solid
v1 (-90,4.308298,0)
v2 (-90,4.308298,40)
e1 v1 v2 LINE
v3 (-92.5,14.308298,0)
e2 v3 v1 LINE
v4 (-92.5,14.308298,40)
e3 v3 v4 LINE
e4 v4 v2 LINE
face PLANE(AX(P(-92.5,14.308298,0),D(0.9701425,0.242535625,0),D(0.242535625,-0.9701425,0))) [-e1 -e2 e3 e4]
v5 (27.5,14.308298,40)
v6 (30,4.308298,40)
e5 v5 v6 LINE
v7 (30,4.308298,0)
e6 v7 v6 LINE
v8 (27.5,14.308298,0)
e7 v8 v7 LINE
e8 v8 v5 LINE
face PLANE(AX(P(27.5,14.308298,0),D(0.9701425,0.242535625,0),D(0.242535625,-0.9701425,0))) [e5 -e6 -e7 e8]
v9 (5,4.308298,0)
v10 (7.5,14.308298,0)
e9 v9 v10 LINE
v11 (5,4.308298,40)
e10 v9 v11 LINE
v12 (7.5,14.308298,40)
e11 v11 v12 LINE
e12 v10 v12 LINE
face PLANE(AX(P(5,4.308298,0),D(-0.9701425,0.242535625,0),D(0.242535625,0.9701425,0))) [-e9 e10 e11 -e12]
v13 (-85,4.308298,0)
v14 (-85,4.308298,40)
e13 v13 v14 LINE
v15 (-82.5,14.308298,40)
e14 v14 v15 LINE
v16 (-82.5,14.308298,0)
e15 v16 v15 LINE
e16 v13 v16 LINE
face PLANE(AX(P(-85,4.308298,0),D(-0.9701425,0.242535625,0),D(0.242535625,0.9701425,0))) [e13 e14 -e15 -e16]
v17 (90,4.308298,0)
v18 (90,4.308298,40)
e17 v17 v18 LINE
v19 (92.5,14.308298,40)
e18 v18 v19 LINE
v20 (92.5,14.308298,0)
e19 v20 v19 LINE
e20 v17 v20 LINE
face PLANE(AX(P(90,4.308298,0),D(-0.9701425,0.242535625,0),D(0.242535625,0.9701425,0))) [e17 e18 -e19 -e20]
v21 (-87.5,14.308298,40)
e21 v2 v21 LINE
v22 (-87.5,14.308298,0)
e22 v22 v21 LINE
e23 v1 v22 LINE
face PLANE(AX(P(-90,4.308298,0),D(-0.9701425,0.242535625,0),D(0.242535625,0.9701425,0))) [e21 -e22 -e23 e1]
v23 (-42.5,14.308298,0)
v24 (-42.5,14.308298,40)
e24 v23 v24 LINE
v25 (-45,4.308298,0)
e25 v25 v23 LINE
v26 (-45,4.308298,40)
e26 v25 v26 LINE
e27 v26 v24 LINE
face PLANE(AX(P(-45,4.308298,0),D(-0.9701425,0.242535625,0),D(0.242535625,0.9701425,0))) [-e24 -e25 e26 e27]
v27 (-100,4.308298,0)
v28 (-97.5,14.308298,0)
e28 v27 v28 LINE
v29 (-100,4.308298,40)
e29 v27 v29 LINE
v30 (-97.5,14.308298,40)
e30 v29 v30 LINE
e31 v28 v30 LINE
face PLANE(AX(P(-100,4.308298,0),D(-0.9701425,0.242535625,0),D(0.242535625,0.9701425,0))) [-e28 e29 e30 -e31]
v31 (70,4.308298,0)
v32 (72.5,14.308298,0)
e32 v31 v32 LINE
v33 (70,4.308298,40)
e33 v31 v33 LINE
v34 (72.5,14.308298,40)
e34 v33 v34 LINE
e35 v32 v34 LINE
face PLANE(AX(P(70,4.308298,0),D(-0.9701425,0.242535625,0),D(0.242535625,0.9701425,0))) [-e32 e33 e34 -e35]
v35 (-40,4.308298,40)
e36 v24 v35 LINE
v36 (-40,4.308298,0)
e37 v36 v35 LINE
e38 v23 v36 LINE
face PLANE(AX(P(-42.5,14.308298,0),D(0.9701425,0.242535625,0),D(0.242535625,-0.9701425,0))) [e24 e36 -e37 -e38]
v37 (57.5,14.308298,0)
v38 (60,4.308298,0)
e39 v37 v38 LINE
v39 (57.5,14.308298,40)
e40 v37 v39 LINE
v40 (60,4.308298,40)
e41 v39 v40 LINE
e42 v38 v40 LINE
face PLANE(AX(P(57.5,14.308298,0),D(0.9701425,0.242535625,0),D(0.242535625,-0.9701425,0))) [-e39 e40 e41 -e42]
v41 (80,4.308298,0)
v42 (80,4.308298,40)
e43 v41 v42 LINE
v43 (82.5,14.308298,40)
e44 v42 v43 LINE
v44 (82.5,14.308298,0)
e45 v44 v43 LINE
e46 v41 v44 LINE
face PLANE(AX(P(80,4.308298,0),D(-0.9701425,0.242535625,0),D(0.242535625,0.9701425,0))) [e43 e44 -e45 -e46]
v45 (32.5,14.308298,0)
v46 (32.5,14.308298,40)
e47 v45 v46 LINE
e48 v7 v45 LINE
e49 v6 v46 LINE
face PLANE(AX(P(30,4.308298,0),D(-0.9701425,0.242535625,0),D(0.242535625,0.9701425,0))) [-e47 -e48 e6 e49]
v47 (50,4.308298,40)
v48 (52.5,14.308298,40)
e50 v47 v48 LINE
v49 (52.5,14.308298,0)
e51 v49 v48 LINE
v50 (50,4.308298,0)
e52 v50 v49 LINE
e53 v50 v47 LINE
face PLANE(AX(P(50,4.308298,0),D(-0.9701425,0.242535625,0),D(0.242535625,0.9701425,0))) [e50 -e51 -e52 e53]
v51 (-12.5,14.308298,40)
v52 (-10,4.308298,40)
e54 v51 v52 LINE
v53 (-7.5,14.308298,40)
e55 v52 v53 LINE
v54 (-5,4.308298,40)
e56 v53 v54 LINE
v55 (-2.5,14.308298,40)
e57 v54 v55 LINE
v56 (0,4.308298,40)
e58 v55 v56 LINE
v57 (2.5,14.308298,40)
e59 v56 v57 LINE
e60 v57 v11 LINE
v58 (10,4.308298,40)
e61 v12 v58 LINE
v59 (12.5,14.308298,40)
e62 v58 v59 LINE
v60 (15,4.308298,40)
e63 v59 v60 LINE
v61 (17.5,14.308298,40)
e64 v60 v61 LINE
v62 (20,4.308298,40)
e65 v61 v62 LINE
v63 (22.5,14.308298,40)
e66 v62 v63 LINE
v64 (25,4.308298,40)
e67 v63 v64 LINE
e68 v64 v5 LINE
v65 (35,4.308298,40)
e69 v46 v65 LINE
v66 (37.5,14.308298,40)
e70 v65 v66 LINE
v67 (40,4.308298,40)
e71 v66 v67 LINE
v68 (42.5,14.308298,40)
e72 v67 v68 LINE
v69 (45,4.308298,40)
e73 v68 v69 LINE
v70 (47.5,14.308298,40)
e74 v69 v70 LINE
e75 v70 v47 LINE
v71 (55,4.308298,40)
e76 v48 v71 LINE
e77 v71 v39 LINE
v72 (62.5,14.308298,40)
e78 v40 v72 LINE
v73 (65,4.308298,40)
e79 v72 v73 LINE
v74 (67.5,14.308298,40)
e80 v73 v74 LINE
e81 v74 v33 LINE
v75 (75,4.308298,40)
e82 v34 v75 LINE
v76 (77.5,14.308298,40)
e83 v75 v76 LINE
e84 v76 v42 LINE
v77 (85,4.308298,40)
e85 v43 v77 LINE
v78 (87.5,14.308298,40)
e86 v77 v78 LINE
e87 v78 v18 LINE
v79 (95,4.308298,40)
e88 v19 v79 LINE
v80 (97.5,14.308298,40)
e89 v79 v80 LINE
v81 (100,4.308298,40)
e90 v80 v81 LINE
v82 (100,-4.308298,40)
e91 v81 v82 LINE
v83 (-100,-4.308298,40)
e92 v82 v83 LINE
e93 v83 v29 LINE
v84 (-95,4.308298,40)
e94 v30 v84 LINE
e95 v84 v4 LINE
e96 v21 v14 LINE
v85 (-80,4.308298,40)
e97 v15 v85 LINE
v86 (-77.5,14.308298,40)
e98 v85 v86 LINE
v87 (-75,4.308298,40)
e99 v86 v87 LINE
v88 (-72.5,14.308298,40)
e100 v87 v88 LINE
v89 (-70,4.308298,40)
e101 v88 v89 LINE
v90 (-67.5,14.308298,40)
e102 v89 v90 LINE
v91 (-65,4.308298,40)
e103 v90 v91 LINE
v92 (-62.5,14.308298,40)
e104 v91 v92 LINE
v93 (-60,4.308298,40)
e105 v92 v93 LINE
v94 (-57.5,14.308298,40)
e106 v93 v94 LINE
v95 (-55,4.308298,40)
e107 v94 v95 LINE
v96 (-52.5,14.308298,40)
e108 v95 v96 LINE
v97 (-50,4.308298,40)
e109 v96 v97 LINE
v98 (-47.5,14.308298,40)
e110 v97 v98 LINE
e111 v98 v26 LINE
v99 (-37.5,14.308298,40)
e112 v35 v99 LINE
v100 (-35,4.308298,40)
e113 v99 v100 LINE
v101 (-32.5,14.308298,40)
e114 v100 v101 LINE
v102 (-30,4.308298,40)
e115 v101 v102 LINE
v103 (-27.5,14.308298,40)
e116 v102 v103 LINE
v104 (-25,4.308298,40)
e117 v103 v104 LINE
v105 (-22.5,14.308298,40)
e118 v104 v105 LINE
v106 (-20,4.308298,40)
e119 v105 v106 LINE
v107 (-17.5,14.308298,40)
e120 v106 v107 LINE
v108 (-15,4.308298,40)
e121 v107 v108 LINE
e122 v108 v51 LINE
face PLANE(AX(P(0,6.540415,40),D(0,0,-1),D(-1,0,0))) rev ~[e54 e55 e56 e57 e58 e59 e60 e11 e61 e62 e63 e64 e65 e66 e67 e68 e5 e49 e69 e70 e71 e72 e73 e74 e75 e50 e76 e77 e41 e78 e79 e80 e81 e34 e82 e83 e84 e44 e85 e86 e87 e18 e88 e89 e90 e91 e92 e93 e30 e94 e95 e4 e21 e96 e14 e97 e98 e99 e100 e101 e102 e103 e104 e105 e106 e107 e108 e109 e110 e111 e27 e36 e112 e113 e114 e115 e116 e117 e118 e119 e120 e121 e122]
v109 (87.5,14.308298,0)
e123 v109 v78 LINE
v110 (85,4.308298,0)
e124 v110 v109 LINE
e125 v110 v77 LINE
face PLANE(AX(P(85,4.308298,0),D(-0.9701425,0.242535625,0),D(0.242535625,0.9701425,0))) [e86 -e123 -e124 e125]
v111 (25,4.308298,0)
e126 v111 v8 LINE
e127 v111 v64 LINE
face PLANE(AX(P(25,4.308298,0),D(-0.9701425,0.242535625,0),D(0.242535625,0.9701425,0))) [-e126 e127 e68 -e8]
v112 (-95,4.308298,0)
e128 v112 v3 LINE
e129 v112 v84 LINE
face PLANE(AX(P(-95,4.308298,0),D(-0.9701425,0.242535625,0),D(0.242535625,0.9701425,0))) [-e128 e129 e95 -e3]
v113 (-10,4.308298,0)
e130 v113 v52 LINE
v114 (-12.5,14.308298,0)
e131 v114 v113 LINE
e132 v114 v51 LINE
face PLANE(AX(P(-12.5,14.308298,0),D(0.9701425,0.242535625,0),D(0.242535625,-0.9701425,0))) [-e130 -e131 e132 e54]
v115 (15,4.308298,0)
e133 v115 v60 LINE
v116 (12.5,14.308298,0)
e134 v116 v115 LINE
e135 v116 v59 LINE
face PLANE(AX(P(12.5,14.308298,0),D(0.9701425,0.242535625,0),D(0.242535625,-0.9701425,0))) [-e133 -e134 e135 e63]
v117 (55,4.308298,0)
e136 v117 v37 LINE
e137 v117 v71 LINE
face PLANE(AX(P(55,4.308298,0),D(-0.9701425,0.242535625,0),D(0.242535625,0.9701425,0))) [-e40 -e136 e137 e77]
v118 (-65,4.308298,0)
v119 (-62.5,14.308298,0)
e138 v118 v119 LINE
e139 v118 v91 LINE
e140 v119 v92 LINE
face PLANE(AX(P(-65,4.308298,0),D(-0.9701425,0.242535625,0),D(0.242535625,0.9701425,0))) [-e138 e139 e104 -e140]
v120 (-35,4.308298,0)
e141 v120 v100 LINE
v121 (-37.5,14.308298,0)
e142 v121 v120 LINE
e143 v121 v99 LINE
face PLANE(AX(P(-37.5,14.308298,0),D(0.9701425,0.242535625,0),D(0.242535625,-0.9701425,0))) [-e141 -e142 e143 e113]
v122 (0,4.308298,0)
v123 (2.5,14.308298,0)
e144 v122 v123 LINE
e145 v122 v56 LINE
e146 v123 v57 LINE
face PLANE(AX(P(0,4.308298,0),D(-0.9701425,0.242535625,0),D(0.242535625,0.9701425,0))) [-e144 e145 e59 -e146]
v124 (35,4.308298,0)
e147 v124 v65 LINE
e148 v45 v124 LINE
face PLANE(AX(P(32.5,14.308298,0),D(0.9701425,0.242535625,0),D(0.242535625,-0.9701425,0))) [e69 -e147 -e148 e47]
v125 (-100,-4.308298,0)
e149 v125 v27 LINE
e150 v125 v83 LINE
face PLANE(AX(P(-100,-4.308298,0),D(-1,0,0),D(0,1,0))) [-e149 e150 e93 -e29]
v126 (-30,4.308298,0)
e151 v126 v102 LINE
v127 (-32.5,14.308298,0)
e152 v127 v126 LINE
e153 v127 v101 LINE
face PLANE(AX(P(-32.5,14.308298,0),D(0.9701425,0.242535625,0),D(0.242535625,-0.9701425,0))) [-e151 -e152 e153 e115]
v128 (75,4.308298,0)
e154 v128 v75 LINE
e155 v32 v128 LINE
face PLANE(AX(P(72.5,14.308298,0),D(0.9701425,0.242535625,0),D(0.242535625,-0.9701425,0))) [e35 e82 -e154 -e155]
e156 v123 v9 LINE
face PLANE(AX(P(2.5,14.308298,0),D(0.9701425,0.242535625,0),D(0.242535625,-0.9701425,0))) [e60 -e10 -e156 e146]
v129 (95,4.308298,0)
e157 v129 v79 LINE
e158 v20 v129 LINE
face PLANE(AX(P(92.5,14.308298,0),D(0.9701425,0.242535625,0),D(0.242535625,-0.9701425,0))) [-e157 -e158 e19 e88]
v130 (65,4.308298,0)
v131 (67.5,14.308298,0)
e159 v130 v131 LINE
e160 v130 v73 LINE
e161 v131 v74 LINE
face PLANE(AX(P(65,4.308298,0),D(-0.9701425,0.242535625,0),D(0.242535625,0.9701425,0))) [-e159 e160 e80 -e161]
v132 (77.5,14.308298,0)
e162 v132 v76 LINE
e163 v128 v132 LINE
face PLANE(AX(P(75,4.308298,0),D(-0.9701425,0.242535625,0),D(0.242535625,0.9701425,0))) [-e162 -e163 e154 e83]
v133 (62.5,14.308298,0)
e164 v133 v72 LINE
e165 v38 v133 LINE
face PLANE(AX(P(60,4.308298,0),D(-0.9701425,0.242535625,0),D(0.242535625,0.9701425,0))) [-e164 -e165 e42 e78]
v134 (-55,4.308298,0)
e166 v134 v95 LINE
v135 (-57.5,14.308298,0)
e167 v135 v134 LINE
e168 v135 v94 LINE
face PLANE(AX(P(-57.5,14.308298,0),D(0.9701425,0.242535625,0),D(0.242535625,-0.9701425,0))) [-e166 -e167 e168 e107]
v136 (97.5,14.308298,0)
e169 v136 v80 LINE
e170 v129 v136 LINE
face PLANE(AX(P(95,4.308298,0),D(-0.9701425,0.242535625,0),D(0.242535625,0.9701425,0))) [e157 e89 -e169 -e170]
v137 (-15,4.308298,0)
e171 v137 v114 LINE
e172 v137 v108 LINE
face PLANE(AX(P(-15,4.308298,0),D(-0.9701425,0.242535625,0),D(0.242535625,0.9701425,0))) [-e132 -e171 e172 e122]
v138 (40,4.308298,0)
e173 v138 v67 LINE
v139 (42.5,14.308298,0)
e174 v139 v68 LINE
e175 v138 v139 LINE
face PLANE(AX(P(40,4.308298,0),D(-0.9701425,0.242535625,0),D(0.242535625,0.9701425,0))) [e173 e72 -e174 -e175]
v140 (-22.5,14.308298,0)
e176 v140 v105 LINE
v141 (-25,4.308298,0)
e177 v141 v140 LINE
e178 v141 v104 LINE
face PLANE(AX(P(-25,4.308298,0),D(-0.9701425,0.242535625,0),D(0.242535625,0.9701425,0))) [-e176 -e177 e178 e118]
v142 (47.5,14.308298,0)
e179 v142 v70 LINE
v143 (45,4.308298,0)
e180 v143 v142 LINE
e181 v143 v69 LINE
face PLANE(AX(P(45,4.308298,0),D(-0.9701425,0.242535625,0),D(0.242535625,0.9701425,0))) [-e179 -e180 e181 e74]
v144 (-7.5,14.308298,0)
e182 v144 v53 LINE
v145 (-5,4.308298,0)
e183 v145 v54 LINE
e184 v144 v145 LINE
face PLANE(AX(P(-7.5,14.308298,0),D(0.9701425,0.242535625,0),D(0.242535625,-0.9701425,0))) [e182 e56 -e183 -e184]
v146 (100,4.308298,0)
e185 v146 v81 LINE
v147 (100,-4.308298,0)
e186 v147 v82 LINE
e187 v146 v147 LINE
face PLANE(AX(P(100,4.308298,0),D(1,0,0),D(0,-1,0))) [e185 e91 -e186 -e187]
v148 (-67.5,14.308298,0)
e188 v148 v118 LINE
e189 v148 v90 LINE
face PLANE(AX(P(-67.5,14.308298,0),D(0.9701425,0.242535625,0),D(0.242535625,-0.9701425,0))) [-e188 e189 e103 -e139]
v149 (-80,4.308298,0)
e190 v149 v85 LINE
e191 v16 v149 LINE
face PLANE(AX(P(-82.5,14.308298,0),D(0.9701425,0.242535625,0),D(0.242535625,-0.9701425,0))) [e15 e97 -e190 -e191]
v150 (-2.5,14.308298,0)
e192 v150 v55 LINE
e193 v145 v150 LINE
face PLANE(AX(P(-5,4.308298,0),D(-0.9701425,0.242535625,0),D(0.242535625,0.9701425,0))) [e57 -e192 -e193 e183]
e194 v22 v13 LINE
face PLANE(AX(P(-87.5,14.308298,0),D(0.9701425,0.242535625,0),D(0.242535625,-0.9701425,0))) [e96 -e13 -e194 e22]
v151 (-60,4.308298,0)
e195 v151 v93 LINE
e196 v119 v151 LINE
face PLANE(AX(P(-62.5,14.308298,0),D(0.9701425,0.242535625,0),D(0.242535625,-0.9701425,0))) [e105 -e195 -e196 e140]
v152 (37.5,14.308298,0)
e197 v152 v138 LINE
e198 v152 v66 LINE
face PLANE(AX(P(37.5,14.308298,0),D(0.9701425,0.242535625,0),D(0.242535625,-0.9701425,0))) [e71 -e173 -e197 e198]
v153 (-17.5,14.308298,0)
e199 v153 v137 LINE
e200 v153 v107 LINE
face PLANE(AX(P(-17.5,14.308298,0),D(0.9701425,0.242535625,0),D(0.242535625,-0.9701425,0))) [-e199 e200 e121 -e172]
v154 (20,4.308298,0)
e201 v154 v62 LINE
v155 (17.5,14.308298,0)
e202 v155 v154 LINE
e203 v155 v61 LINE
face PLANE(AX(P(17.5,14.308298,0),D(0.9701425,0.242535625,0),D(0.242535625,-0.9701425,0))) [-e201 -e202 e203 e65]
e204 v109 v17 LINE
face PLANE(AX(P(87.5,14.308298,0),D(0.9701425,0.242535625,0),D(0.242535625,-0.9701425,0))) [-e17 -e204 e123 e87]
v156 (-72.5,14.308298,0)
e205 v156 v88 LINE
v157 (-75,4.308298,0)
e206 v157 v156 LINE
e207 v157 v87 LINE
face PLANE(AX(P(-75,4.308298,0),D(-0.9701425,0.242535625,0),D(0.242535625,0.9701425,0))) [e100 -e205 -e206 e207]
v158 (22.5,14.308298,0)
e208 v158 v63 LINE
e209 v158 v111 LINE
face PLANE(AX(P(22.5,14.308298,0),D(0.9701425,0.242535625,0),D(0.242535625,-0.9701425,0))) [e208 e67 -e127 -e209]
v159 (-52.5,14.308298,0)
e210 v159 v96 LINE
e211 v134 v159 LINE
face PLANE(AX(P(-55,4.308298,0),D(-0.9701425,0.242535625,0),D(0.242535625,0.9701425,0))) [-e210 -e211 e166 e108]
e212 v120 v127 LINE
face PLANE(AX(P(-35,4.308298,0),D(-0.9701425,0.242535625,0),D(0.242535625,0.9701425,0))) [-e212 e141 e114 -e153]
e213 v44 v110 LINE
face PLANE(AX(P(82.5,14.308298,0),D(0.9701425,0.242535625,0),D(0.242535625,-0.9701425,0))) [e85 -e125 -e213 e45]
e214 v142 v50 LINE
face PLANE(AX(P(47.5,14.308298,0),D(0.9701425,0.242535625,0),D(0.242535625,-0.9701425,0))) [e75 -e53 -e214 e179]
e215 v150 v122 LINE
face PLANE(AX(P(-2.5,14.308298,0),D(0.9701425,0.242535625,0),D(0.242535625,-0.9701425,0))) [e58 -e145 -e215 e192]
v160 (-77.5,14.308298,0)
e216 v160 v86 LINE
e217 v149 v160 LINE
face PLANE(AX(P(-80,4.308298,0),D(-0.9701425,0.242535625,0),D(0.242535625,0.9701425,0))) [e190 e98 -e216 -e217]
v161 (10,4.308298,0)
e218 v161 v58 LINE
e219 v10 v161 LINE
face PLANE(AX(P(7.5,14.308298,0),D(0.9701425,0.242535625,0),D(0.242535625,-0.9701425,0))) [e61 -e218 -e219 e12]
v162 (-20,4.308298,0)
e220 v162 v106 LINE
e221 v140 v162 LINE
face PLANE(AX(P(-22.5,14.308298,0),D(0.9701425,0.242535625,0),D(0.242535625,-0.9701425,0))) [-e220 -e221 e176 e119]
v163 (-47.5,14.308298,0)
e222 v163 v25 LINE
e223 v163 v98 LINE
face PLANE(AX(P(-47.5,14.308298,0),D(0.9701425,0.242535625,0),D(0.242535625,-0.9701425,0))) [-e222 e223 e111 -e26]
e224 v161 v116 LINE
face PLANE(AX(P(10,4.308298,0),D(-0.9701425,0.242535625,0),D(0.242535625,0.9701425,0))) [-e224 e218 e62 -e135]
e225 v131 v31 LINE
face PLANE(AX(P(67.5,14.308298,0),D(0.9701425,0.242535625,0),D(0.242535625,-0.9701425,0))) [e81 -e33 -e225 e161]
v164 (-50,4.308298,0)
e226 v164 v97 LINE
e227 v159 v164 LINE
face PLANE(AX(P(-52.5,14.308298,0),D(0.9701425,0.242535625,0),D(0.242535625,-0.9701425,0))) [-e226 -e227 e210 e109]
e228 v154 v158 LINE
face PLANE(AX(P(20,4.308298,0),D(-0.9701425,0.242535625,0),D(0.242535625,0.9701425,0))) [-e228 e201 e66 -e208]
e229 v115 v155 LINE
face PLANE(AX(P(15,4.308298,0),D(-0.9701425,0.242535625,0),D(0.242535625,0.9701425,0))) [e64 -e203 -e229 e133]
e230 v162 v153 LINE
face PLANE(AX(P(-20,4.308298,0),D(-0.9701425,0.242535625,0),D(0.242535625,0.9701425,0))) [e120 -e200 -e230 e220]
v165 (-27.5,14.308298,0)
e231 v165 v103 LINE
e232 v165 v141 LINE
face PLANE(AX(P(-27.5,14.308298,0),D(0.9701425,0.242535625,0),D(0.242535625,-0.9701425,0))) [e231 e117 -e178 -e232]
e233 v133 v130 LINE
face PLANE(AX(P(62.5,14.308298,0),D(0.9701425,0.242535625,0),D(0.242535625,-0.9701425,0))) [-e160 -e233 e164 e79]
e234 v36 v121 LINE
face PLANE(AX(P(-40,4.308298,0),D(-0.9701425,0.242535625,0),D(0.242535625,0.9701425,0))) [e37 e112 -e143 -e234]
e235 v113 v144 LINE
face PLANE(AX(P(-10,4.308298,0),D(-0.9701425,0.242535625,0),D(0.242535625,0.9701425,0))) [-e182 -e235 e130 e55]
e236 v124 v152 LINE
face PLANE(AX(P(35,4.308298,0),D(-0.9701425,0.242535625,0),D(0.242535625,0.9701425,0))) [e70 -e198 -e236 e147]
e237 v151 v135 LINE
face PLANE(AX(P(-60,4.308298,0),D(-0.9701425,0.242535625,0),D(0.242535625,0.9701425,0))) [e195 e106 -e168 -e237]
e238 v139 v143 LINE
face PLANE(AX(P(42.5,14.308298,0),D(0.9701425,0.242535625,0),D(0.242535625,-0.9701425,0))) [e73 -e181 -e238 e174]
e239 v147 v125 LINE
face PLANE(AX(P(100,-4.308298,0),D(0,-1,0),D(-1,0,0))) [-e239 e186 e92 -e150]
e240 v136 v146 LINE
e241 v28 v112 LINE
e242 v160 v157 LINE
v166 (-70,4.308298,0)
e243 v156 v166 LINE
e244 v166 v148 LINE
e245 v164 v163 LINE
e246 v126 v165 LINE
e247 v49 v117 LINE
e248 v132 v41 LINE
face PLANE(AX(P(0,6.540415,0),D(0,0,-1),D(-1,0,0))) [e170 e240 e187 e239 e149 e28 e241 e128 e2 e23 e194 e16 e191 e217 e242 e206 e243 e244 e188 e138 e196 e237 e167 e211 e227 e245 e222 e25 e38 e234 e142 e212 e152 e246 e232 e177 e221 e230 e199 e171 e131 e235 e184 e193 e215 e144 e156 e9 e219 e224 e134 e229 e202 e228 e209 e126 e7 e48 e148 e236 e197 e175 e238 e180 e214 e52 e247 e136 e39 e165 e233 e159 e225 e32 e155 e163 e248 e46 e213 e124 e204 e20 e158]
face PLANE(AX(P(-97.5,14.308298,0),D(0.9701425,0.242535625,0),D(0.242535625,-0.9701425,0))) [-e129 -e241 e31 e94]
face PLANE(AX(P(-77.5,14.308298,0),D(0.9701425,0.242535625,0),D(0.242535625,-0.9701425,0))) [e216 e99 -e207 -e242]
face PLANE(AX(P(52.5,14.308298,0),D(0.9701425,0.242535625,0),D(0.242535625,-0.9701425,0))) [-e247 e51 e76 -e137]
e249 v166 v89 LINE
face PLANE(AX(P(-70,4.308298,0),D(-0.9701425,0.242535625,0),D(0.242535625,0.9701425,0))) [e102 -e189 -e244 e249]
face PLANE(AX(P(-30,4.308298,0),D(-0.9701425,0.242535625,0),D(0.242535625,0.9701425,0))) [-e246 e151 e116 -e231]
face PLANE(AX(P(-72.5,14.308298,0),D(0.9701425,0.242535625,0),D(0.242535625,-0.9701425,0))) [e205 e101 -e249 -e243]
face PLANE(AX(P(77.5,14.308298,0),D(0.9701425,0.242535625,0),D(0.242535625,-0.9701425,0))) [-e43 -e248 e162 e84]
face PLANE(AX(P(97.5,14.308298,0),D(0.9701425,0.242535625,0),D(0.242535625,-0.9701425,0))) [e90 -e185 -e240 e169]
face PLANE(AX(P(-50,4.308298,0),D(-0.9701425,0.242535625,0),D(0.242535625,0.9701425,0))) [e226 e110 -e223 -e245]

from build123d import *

# Parameters (mm, degrees)
BOSS_EXTRUDE1_DEPTH = 40


with BuildPart() as part:
    # Sketch1 → Boss-Extrude1 (new body)
    with BuildSketch(Plane.XY):
        Polygon((-100, 4.308297624), (-97.5, 14.308297624), (-95, 4.308297624), (-92.5, 14.308297624), (-90, 4.308297624), (-87.5, 14.308297624), (-85, 4.308297624), (-82.5, 14.308297624), (-80, 4.308297624), (-77.5, 14.308297624), (-75, 4.308297624), (-72.5, 14.308297624), (-70, 4.308297624), (-67.5, 14.308297624), (-65, 4.308297624), (-62.5, 14.308297624), (-60, 4.308297624), (-57.5, 14.308297624), (-55, 4.308297624), (-52.5, 14.308297624), (-50, 4.308297624), (-47.5, 14.308297624), (-45, 4.308297624), (-42.5, 14.308297624), (-40, 4.308297624), (-37.5, 14.308297624), (-35, 4.308297624), (-32.5, 14.308297624), (-30, 4.308297624), (-27.5, 14.308297624), (-25, 4.308297624), (-22.5, 14.308297624), (-20, 4.308297624), (-17.5, 14.308297624), (-15, 4.308297624), (-12.5, 14.308297624), (-10, 4.308297624), (-7.5, 14.308297624), (-5, 4.308297624), (-2.5, 14.308297624), (0, 4.308297624), (2.5, 14.308297624), (5, 4.308297624), (7.5, 14.308297624), (10, 4.308297624), (12.5, 14.308297624), (15, 4.308297624), (17.5, 14.308297624), (20, 4.308297624), (22.5, 14.308297624), (25, 4.308297624), (27.5, 14.308297624), (30, 4.308297624), (32.5, 14.308297624), (35, 4.308297624), (37.5, 14.308297624), (40, 4.308297624), (42.5, 14.308297624), (45, 4.308297624), (47.5, 14.308297624), (50, 4.308297624), (52.5, 14.308297624), (55, 4.308297624), (57.5, 14.308297624), (60, 4.308297624), (62.5, 14.308297624), (65, 4.308297624), (67.5, 14.308297624), (70, 4.308297624), (72.5, 14.308297624), (75, 4.308297624), (77.5, 14.308297624), (80, 4.308297624), (82.5, 14.308297624), (85, 4.308297624), (87.5, 14.308297624), (90, 4.308297624), (92.5, 14.308297624), (95, 4.308297624), (97.5, 14.308297624), (100, 4.308297624), (100, -4.308297624), (-100, -4.308297624), align=None)
    extrude(amount=BOSS_EXTRUDE1_DEPTH)


solid = part.part
